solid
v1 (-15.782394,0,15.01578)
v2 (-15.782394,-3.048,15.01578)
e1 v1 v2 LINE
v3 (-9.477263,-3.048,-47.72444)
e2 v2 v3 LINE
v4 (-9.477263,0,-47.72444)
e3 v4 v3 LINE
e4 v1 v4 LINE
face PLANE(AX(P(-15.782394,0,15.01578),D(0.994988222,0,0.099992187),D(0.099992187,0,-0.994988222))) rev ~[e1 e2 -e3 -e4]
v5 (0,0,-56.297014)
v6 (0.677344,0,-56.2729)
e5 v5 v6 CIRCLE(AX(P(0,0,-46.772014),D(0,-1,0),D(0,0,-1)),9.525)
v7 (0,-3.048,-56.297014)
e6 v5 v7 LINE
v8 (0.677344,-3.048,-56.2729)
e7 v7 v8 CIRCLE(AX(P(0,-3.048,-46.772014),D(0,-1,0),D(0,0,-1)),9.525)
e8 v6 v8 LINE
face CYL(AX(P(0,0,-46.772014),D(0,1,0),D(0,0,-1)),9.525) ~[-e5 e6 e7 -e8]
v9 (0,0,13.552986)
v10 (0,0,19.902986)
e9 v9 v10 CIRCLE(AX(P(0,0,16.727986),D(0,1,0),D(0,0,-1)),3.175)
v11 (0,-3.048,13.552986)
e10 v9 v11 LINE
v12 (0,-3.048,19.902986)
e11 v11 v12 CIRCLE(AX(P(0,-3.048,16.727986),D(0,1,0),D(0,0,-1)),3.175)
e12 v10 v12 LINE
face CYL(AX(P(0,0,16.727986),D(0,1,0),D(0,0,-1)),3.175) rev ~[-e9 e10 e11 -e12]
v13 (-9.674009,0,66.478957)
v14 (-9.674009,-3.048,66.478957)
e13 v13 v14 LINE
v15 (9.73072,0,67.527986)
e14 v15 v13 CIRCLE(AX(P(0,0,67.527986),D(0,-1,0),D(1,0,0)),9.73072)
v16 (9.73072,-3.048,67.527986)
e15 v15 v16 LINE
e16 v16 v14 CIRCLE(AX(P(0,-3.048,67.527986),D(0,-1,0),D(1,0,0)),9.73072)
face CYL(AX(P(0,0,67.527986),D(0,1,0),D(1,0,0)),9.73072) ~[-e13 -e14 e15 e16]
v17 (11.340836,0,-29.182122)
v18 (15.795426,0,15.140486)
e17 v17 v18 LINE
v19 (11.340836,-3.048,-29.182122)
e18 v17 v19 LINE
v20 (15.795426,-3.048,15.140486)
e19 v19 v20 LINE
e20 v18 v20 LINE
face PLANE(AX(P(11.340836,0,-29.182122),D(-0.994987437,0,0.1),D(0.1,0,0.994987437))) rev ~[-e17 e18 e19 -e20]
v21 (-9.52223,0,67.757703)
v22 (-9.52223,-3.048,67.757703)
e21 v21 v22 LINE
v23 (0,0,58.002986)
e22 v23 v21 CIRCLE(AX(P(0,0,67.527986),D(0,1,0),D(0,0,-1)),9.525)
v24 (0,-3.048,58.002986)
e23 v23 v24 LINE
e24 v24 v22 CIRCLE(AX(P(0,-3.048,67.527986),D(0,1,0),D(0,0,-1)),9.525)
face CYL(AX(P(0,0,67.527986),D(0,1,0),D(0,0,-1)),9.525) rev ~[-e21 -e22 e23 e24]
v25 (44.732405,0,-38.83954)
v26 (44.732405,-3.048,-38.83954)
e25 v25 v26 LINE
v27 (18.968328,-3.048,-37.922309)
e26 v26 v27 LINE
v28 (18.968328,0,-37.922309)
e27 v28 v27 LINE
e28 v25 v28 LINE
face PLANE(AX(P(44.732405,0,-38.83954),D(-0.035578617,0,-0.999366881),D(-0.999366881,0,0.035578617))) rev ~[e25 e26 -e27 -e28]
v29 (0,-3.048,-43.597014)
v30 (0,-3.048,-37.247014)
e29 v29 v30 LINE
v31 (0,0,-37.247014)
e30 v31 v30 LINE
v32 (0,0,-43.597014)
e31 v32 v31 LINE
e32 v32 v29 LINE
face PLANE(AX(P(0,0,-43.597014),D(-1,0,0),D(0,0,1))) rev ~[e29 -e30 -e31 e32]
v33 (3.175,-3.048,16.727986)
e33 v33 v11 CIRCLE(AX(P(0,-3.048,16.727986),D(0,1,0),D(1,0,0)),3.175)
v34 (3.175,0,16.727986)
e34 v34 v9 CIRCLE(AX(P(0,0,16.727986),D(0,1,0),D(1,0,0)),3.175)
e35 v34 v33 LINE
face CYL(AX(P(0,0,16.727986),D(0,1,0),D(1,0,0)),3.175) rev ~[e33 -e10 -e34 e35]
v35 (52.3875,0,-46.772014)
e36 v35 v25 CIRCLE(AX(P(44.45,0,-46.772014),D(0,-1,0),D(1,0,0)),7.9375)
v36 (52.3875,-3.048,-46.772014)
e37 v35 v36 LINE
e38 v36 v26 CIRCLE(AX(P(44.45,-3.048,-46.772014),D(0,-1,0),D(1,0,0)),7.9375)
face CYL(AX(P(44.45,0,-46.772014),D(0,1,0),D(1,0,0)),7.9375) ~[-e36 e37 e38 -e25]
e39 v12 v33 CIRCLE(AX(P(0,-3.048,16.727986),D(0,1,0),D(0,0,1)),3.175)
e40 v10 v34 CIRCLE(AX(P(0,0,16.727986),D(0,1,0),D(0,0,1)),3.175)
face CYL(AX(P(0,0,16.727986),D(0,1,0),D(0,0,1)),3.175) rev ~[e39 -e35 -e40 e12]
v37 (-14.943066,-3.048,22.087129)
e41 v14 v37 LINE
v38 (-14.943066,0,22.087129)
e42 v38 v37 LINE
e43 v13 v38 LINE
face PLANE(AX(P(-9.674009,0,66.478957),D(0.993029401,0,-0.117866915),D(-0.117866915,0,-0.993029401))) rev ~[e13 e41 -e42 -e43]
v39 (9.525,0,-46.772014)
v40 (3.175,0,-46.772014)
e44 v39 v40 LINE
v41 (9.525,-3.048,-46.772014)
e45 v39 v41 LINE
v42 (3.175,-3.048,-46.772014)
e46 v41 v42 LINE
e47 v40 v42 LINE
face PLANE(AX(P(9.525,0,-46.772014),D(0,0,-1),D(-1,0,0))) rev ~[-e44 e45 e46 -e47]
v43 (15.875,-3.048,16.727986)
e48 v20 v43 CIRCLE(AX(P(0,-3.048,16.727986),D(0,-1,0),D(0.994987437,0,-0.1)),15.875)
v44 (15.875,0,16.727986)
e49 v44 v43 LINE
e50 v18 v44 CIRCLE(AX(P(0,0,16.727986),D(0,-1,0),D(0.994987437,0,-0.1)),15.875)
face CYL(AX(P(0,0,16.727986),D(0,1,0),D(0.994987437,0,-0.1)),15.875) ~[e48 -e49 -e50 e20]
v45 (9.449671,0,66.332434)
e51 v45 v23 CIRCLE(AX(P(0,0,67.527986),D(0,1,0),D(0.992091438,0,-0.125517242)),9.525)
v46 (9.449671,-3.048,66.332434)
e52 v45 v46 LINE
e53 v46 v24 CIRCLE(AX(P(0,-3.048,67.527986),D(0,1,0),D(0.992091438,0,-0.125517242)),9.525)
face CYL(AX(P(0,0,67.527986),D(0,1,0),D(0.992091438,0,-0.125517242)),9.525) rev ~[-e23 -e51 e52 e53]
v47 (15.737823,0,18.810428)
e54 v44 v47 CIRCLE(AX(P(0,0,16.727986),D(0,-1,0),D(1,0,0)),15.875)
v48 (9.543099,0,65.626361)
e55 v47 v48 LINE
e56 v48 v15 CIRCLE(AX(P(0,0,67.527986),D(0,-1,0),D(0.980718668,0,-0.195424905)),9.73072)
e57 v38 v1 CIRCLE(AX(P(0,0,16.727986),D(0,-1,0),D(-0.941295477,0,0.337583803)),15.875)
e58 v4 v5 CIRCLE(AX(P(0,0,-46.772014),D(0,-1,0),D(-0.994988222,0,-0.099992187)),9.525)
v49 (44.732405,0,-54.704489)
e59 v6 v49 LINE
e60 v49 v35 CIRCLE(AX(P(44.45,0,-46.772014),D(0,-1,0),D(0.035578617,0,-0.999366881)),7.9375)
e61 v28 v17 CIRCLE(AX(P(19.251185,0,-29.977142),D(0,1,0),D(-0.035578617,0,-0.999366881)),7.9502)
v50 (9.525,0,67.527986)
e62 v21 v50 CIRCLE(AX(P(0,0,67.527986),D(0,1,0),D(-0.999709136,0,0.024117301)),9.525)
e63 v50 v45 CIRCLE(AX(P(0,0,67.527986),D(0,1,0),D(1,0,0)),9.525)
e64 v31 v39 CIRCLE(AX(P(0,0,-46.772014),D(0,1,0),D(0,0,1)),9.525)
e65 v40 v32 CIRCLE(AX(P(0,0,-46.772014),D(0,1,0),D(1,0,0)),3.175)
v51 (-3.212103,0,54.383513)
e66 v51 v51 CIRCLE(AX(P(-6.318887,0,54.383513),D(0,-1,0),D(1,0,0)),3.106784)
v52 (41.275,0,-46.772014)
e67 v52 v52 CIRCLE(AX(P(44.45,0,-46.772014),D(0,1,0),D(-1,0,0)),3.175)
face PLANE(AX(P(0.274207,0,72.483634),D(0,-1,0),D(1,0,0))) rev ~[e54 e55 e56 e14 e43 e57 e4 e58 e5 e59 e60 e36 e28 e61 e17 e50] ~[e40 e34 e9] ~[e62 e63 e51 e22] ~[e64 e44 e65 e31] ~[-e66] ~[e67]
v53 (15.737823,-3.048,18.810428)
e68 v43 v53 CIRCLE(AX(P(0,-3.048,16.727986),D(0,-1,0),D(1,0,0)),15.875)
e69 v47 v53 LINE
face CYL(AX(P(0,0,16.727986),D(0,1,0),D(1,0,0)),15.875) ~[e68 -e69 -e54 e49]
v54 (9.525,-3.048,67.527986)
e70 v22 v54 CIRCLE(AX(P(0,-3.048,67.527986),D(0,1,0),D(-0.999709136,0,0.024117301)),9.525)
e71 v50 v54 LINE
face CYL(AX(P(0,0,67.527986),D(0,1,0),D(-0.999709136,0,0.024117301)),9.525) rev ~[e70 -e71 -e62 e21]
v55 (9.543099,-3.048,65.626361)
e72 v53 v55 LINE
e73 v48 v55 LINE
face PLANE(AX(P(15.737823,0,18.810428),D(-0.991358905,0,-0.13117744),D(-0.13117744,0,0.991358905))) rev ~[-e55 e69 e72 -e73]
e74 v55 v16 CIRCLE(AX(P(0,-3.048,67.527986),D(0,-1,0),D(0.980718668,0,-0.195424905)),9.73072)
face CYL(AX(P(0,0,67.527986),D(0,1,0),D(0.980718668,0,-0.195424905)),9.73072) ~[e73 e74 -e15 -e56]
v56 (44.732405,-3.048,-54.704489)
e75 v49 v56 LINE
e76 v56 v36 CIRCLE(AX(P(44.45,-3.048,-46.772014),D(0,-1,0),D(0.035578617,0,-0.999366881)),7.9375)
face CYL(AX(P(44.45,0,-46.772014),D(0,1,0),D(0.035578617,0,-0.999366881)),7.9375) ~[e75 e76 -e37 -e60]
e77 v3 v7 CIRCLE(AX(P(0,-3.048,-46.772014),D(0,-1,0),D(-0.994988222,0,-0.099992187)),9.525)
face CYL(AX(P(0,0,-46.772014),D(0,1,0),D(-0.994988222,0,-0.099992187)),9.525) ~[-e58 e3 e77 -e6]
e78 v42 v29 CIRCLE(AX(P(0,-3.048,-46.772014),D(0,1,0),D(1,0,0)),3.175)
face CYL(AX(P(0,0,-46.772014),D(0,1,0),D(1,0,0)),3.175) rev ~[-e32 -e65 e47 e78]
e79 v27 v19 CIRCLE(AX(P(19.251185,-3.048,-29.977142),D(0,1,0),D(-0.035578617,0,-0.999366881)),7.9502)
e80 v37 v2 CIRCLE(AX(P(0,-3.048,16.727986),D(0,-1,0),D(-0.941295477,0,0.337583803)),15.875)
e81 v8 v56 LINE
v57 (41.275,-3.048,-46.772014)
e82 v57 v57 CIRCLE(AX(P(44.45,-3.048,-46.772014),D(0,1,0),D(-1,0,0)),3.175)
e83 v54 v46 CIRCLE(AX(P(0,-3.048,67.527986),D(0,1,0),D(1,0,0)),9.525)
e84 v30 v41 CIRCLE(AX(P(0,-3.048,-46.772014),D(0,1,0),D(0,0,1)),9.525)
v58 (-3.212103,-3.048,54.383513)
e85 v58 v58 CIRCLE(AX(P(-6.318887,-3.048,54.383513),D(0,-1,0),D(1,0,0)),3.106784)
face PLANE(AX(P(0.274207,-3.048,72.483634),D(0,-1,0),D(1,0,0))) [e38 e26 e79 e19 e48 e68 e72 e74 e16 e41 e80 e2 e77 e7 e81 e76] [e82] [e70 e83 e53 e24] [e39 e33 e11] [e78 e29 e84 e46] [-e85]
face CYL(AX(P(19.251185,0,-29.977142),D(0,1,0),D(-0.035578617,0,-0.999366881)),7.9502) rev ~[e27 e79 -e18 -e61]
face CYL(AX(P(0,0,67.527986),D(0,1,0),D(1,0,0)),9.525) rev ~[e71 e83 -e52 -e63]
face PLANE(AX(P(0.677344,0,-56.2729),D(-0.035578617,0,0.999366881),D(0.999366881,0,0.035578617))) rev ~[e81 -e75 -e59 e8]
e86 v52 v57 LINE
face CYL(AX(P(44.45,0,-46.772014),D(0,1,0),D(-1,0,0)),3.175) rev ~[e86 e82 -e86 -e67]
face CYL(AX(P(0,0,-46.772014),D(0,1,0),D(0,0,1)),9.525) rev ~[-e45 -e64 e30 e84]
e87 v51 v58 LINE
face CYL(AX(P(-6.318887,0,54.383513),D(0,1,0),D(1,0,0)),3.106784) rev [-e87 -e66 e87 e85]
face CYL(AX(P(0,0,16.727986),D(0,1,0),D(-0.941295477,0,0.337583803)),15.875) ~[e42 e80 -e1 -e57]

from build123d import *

# Parameters (mm, degrees)
F0_R     = 3.1067841243
F1_DEPTH = 3.048


with BuildPart() as f1:
    # F0 (on Front) → F1 (new body)
    with BuildSketch(Plane.XZ):
        with BuildLine():
            ThreePointArc((9.5430991705, 65.6263607548), (9.6837015082, 66.5725566713), (9.730720418, 67.527985869))
            ThreePointArc((9.730720418, 67.527985869), (-0.5252804261, 77.2445181891), (-9.6740094009, 66.4789568109))
            Line((-9.6740094009, 66.4789568109), (-9.5222295165, 67.7577031639))
            ThreePointArc((-9.5222295165, 67.7577031639), (0.1148670004, 77.052293223), (9.525, 67.527985869))
            ThreePointArc((9.525, 67.527985869), (9.5061490835, 66.9290245991), (9.4496709495, 66.3324341363))
            Line((9.4496709495, 66.3324341363), (9.5430991705, 65.6263607548))
        make_face()
        with BuildLine():
            Line((-9.5222295165, 67.7577031639), (-9.6740094009, 66.4789568109))
            ThreePointArc((-9.6740094009, 66.4789568109), (-6.4991965418, 60.2859306246), (0, 57.7972654511))
            Line((0, 57.7972654511), (0, 58.002985869))
            ThreePointArc((0, 58.002985869), (-6.815925551, 60.8745067879), (-9.5222295165, 67.7577031639))
        make_face()
        with BuildLine():
            ThreePointArc((0, 57.7972654511), (-6.4991965418, 60.2859306246), (-9.6740094009, 66.4789568109))
            Line((-9.6740094009, 66.4789568109), (-14.9430657041, 22.0871287449))
            ThreePointArc((-14.9430657041, 22.0871287449), (-9.1361707473, 29.7105129372), (0, 32.602985869))
            Line((0, 32.602985869), (0, 57.7972654511))
        make_face()
        with Locations((-6.31888723, 54.3835125864)):
            Circle(F0_R, mode=Mode.SUBTRACT)
        with BuildLine():
            Line((15.7378226334, 18.8104276469), (9.5430991705, 65.6263607548))
            ThreePointArc((9.5430991705, 65.6263607548), (6.1718205388, 60.0049844009), (0, 57.7972654511))
            Line((0, 57.7972654511), (0, 32.602985869))
            ThreePointArc((0, 32.602985869), (10.4631941054, 28.6668800436), (15.7378226334, 18.8104276469))
        make_face()
        with BuildLine():
            ThreePointArc((0, 57.7972654511), (6.1718205388, 60.0049844009), (9.5430991705, 65.6263607548))
            Line((9.5430991705, 65.6263607548), (9.4496709495, 66.3324341363))
            ThreePointArc((9.4496709495, 66.3324341363), (6.2983329043, 60.3825938135), (0, 58.002985869))
            Line((0, 58.002985869), (0, 57.7972654511))
        make_face()
        with BuildLine():
            Line((-15.7823944455, 15.0157795246), (-14.9430657041, 22.0871287449))
            ThreePointArc((-14.9430657041, 22.0871287449), (-15.7643417338, 18.5991231436), (-15.7823944455, 15.0157795246))
        make_face()
        with BuildLine():
            ThreePointArc((0, 32.602985869), (-9.1361707473, 29.7105129372), (-14.9430657041, 22.0871287449))
            Line((-14.9430657041, 22.0871287449), (-15.7823944455, 15.0157795246))
            ThreePointArc((-15.7823944455, 15.0157795246), (-10.602696574, 4.9128070571), (0, 0.852985869))
            Line((0, 0.852985869), (0, 13.552985869))
            ThreePointArc((0, 13.552985869), (-3.175, 16.727985869), (0, 19.902985869))
            Line((0, 19.902985869), (0, 32.602985869))
        make_face()
        with BuildLine():
            ThreePointArc((15.875, 16.727985869), (15.8406685355, 17.7714633949), (15.7378226334, 18.8104276469))
            ThreePointArc((15.7378226334, 18.8104276469), (10.4631941054, 28.6668800436), (0, 32.602985869))
            Line((0, 32.602985869), (0, 19.902985869))
            ThreePointArc((0, 19.902985869), (2.2450640303, 18.9730498993), (3.175, 16.727985869))
            ThreePointArc((3.175, 16.727985869), (2.2450640303, 14.4829218388), (0, 13.552985869))
            Line((0, 13.552985869), (0, 0.852985869))
            ThreePointArc((0, 0.852985869), (10.6492737428, 4.9547707708), (15.7954255641, 15.140485869))
            ThreePointArc((15.7954255641, 15.140485869), (15.8550939106, 15.933239315), (15.875, 16.727985869))
        make_face()
        with BuildLine():
            ThreePointArc((0, 0.852985869), (-10.602696574, 4.9128070571), (-15.7823944455, 15.0157795246))
            Line((-15.7823944455, 15.0157795246), (-9.4772628179, -47.7244397085))
            ThreePointArc((-9.4772628179, -47.7244397085), (-7.0639039711, -40.3824221497), (0, -37.247014131))
            Line((0, -37.247014131), (0, 0.852985869))
        make_face()
        with BuildLine():
            ThreePointArc((15.7954255641, 15.140485869), (10.6492737428, 4.9547707708), (0, 0.852985869))
            Line((0, 0.852985869), (0, -37.247014131))
            ThreePointArc((0, -37.247014131), (6.7351920908, -40.0368220402), (9.525, -46.772014131))
            Line((9.525, -46.772014131), (36.5125, -46.772014131))
            ThreePointArc((36.5125, -46.772014131), (38.9380895153, -41.060381347), (44.7324052746, -38.8395395164))
            Line((44.7324052746, -38.8395395164), (18.968327868, -37.9223085504))
            ThreePointArc((18.968327868, -37.9223085504), (13.2612039825, -35.2045512351), (11.3408358685, -29.1821219764))
            Line((11.3408358685, -29.1821219764), (15.7954255641, 15.140485869))
        make_face()
        with BuildLine():
            ThreePointArc((0, -37.247014131), (-7.0639039711, -40.3824221497), (-9.4772628179, -47.7244397085))
            ThreePointArc((-9.4772628179, -47.7244397085), (-6.3895919813, -53.8359181021), (0, -56.297014131))
            Line((0, -56.297014131), (0.6773435479, -56.2728999169))
            ThreePointArc((0.6773435479, -56.2728999169), (6.9705567315, -53.2633132192), (9.525, -46.772014131))
            Line((9.525, -46.772014131), (3.175, -46.772014131))
            ThreePointArc((3.175, -46.772014131), (-2.2450640303, -49.0170781612), (0, -43.597014131))
            Line((0, -43.597014131), (0, -37.247014131))
        make_face()
        with BuildLine():
            Line((0.6773435479, -56.2728999169), (0, -56.297014131))
            ThreePointArc((0, -56.297014131), (0.3388863295, -56.2909836685), (0.6773435479, -56.2728999169))
        make_face()
        with BuildLine():
            Line((36.5125, -46.772014131), (9.525, -46.772014131))
            ThreePointArc((9.525, -46.772014131), (6.9705567315, -53.2633132192), (0.6773435479, -56.2728999169))
            Line((0.6773435479, -56.2728999169), (44.7324052746, -54.7044887455))
            ThreePointArc((44.7324052746, -54.7044887455), (38.9380895153, -52.4836469149), (36.5125, -46.772014131))
        make_face()
        with BuildLine():
            ThreePointArc((44.7324052746, -38.8395395164), (38.9380895153, -41.060381347), (36.5125, -46.772014131))
            ThreePointArc((36.5125, -46.772014131), (38.9380895153, -52.4836469149), (44.7324052746, -54.7044887455))
            ThreePointArc((44.7324052746, -54.7044887455), (50.1616327839, -52.2839246157), (52.3875, -46.772014131))
            ThreePointArc((52.3875, -46.772014131), (50.1616327839, -41.2601036462), (44.7324052746, -38.8395395164))
        make_face()
        with BuildLine():
            ThreePointArc((47.625, -46.772014131), (44.45, -49.947014131), (41.275, -46.772014131))
            ThreePointArc((41.275, -46.772014131), (44.45, -43.597014131), (47.625, -46.772014131))
        make_face(mode=Mode.SUBTRACT)
    extrude(amount=F1_DEPTH)


solid = f1.part
